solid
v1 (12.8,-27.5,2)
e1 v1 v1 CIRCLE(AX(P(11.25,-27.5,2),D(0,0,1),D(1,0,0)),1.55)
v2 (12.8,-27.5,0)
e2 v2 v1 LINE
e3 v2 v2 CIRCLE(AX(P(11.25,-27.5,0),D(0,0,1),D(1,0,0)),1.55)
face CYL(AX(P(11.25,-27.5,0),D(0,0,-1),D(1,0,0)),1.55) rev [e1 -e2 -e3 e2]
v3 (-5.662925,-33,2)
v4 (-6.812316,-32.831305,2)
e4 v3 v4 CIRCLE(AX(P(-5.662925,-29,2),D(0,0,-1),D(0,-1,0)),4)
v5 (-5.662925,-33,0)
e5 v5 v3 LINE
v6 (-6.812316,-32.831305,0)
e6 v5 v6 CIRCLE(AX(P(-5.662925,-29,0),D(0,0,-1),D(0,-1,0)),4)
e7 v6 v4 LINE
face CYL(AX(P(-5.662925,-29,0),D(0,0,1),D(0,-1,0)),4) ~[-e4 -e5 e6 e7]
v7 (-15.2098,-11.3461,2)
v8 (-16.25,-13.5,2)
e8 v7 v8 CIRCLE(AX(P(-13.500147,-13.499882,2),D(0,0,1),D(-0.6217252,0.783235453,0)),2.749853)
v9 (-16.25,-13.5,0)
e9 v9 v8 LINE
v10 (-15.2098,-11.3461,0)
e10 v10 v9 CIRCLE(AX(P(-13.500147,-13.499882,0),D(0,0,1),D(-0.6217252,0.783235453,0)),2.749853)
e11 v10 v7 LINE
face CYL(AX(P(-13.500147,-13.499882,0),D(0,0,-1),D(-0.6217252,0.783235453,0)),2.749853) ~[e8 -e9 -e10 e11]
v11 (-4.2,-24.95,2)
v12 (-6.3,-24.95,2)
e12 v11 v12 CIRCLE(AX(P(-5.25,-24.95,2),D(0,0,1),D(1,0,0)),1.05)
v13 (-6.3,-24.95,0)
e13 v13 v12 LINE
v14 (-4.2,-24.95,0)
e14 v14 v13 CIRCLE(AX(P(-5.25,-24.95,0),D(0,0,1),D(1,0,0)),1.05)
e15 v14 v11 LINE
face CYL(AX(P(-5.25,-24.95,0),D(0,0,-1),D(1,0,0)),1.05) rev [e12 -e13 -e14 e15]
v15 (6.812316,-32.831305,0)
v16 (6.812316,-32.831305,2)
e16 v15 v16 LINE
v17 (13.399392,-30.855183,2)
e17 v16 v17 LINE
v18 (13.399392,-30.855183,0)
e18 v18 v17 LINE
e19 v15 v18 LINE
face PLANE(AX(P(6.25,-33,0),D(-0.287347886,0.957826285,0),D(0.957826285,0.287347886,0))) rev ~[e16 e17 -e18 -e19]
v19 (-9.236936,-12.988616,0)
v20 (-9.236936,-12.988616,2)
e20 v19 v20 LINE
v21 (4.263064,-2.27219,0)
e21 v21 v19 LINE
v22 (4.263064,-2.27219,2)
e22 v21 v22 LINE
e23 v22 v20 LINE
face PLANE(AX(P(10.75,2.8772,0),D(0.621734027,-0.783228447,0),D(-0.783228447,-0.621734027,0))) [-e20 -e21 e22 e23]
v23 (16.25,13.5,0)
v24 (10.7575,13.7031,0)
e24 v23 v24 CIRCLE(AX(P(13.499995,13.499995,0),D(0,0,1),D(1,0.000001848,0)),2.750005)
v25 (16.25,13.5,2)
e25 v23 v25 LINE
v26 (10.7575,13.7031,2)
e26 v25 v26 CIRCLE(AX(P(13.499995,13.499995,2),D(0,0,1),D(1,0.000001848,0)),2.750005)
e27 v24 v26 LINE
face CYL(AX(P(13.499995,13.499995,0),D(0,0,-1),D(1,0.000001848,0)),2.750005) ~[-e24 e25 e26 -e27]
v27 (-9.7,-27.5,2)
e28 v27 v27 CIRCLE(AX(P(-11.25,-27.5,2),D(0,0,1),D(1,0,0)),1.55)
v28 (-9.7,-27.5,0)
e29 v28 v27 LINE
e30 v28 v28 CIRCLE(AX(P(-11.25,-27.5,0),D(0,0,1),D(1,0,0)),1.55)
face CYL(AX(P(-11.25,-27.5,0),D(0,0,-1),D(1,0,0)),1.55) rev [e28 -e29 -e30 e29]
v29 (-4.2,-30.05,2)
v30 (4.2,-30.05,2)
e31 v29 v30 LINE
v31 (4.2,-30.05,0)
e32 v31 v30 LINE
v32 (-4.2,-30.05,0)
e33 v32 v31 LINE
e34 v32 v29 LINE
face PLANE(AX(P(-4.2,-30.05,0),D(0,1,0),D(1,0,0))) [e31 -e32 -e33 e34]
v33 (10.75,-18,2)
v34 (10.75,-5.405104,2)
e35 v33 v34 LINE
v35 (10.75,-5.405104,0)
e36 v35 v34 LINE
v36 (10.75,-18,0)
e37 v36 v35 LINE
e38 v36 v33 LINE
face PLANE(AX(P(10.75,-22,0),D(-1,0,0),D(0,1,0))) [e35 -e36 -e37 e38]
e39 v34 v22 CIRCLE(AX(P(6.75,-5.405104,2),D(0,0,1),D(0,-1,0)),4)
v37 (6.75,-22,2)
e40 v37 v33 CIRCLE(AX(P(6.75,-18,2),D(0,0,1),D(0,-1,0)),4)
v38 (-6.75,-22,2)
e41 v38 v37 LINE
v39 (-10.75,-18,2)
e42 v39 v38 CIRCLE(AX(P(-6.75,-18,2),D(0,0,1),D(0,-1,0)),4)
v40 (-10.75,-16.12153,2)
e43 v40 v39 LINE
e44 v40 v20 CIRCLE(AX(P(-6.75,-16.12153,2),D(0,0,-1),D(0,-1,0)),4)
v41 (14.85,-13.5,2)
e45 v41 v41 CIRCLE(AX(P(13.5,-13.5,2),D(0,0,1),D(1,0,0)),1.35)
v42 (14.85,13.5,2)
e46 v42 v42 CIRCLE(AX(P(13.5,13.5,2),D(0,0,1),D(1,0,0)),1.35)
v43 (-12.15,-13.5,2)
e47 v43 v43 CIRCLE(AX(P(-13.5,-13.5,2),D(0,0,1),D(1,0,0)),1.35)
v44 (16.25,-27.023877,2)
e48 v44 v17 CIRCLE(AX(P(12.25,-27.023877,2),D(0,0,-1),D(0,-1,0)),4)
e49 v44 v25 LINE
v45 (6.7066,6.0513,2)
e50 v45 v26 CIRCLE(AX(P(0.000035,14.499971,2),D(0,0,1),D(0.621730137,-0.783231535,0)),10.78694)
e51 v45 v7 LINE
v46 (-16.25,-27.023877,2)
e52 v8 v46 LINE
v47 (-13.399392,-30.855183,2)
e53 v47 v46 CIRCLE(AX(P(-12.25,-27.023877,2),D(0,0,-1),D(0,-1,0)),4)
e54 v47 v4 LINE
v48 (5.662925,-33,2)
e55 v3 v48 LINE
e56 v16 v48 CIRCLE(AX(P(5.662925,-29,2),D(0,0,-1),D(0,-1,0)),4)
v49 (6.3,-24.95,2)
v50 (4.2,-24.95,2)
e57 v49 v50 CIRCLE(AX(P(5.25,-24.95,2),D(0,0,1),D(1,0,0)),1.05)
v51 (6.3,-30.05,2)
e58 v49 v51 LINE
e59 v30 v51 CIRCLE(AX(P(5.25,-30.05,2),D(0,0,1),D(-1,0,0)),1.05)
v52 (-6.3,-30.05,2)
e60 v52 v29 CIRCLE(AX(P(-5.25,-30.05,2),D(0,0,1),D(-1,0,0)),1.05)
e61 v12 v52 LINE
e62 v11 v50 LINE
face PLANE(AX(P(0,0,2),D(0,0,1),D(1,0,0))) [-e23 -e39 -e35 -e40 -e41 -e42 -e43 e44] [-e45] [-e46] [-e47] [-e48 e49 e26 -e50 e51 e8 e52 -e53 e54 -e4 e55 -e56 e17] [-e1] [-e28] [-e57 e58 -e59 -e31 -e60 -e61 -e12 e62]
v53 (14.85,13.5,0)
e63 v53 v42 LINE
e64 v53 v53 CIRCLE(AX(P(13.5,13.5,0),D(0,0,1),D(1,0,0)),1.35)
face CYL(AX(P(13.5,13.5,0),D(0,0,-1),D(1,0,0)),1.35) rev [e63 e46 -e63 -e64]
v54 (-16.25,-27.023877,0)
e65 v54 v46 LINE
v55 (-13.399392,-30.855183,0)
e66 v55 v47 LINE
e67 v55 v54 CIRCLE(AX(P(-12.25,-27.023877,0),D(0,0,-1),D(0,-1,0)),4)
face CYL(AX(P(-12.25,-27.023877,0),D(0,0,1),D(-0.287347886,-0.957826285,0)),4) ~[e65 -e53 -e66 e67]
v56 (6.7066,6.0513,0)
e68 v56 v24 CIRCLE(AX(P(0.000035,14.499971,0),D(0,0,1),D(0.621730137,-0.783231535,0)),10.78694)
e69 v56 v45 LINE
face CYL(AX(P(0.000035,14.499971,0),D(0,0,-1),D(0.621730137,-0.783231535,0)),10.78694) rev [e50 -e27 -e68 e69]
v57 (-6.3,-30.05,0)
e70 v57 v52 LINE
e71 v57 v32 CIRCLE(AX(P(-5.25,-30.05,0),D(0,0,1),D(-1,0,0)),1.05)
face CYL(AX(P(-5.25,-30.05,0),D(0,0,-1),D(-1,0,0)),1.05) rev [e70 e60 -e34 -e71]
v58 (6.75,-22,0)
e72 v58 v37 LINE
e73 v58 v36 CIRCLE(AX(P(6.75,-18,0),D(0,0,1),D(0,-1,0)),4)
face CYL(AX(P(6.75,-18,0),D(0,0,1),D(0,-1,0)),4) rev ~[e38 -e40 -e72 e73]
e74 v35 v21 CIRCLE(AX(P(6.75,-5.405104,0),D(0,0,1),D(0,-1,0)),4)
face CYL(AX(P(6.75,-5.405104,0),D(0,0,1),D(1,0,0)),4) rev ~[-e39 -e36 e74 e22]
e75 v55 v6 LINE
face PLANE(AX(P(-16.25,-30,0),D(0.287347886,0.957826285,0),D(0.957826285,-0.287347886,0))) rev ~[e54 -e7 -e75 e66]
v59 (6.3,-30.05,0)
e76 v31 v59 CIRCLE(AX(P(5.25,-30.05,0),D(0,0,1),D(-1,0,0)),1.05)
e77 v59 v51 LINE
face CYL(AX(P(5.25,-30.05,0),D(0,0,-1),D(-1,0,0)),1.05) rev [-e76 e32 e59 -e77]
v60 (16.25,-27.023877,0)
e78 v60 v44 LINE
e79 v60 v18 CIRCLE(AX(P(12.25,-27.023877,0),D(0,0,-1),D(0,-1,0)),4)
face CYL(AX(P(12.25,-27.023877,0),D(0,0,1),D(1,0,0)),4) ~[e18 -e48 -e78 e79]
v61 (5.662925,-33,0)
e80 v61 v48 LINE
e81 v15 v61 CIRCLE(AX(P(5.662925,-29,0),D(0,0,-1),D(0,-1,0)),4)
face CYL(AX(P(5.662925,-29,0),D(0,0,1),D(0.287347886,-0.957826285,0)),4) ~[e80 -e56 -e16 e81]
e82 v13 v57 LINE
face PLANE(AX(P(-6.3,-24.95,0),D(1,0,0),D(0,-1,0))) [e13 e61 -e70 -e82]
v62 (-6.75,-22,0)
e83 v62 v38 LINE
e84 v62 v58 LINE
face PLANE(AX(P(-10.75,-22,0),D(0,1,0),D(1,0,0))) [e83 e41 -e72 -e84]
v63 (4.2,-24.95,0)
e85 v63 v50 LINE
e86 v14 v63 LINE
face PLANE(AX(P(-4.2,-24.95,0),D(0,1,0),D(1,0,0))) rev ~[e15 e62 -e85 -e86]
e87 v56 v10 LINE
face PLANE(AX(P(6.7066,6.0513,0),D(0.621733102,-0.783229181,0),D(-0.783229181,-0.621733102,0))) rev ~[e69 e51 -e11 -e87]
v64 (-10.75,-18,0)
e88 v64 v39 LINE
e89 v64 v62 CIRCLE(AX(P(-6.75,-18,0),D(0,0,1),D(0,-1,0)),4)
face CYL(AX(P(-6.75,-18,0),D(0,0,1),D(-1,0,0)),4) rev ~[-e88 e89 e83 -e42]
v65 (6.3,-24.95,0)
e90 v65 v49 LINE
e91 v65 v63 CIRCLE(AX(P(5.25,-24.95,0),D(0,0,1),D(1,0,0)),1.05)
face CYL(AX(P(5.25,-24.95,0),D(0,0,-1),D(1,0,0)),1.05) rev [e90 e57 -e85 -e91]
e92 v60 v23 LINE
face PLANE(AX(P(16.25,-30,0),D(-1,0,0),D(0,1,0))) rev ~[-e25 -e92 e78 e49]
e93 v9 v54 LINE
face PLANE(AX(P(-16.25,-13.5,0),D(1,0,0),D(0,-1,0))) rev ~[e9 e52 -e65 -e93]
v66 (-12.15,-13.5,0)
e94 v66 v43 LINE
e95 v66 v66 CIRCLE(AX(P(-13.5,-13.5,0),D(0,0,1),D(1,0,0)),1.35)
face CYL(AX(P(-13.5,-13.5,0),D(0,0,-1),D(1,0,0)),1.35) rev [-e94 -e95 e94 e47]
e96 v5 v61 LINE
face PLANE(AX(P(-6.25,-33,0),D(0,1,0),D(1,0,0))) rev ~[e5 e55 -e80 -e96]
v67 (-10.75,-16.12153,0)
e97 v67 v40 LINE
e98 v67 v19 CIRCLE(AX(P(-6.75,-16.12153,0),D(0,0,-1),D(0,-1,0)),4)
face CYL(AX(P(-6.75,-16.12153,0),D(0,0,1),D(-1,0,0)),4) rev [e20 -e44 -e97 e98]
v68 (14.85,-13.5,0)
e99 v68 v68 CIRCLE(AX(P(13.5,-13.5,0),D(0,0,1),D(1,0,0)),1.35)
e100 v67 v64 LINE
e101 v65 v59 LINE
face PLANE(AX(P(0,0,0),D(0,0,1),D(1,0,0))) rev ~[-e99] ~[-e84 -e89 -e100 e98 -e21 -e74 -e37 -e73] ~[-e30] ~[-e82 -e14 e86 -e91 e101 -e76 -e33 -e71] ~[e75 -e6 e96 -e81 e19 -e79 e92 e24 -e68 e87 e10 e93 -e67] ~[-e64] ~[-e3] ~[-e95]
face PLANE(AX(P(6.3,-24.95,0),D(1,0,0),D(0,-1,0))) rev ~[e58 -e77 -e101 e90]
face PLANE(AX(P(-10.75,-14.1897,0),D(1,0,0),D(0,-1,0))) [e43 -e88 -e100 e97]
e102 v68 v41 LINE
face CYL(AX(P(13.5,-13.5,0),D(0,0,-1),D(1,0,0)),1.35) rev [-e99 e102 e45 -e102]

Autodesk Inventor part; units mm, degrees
ref_plane "YZ Plane" through (0, 0, 0) normal (1, 0, 0) x (0, 1, 0)
ref_plane "XZ Plane" through (0, 0, 0) normal (0, 1, 0) x (-1, 0, 0)
ref_plane "XY Plane" through (0, 0, 0) normal (0, 0, 1) x (1, 0, 0)
sketch "スケッチ1" plane through (0, 0, 0) normal (0, 0, 1) x (1, 0, 0)
  line L0 (-13.5, 13.5) -> (13.5, 13.5) construction
  line L1 (13.5, 13.5) -> (13.5, -13.5) construction
  line L2 (13.5, -13.5) -> (-13.5, -13.5) construction
  line L3 (-13.5, -13.5) -> (-13.5, 13.5) construction
  circle A0 centre (-13.5, 13.5) radius 1.35
  circle A1 centre (13.5, 13.5) radius 1.35
  circle A2 centre (-13.5, -13.5) radius 1.35
  circle A3 centre (13.5, -13.5) radius 1.35
  circle A4 centre (0, 14.5) radius 10.5 construction
  line L4 (-6.25, -25) -> (6.25, -25) construction
  line L5 (6.25, -25) -> (6.25, -30) construction
  line L6 (6.25, -30) -> (-6.25, -30) construction
  line L7 (-6.25, -30) -> (-6.25, -25) construction
  line L8 (-16.25, -25) -> (16.25, -25) construction
  line L9 (16.25, -25) -> (16.25, -30) construction
  line L10 (16.25, -30) -> (-16.25, -30) construction
  line L11 (-16.25, -30) -> (-16.25, -25) construction
  line L12 (-6.3, -24.95) -> (6.3, -24.95) construction
  line L13 (6.3, -24.95) -> (6.3, -30.05) construction
  line L14 (6.3, -30.05) -> (-6.3, -30.05) construction
  line L15 (-6.3, -30.05) -> (-6.3, -24.95) construction
  circle A5 centre (-5.25, -24.95) radius 1.05 construction
  circle A6 centre (-11.25, -27.5) radius 1.55
  circle A7 centre (11.25, -27.5) radius 1.55
  line L16 (0, 0) -> (0, -13.5) construction
  line L17 (-6.3, -24.95) -> (-6.3, -30.05)
  line L18 (6.3, -27.5) -> (-6.3, -27.5) construction
  line L19 (0, -25) -> (0, -30.05) construction
  arc A8 (-4.2, -24.95) -> (-6.3, -24.95) centre (-5.25, -24.95) ccw
  arc A9 (-6.3, -30.05) -> (-4.2, -30.05) centre (-5.25, -30.05) ccw
  line L20 (-4.2, -24.95) -> (4.2, -24.95)
  line L21 (-4.2, -30.05) -> (4.2, -30.05)
  arc A10 (6.3, -24.95) -> (4.2, -24.95) centre (5.25, -24.95) ccw
  arc A11 (4.2, -30.05) -> (6.3, -30.05) centre (5.25, -30.05) ccw
  line L22 (6.3, -24.95) -> (6.3, -30.05)
  circle A12 centre (-13.5, -13.5) radius 2.75 construction
  circle A13 centre (13.5, 13.5) radius 2.75 construction
  line L23 (-16.25, -13.5) -> (-16.25, -30)
  line L24 (-16.25, -30) -> (-6.25, -33)
  line L25 (-6.25, -33) -> (6.25, -33)
  line L26 (6.25, -33) -> (16.25, -30)
  line L27 (16.25, -30) -> (16.25, 13.5)
  arc A14 (16.25, 13.5) -> (10.7575, 13.7031) centre (13.5, 13.5) ccw
  arc A15 (6.7066, 6.0513) -> (10.7575, 13.7031) centre (0, 14.5) ccw
  line L28 (6.7066, 6.0513) -> (-15.2098, -11.3461)
  arc A16 (-15.2098, -11.3461) -> (-16.25, -13.5) centre (-13.5, -13.5) ccw
  line L29 (-10.75, -14.1897) -> (-10.75, -22)
  line L30 (-10.75, -22) -> (10.75, -22)
  line L31 (10.75, -22) -> (10.75, 2.8772)
  line L32 (10.75, 2.8772) -> (-10.75, -14.1897)
  point P0 (0, 13.5)
  point P1 (13.5, 0)
  point P2 (-16.25, -27.5)
  dimension "d23" = 2.1
  dimension "d0" = 27
  dimension "d3" = 27
  dimension "d6" = 27
  dimension "d9" = 2.7
  dimension "d10" = 21
  dimension "d11" = 1
  dimension "d12" = 11.5
  dimension "d13" = 5
  dimension "d16" = 32.5
  dimension "d20" = 10
  dimension "d22" = 0.05
  dimension "d24" = 5
  dimension "d26" = 3.1
  dimension "d31" = 5.5
  dimension "d32" = 3
  dimension "d33" = 5
  dimension "d34" = 3
extrude "押し出し1" add sketch "スケッチ1" along normal blind 2 contours A16 L28 A15 A14 L27 L26 L25 L24 L23
fillet "フィレット1" radius 4 8 edges at (10.75, 2.8772, 1) (-10.75, -22, 1) (-10.75, -14.1897, 1) (10.75, -22, 1) (16.25, -30, 1) (-16.25, -30, 1) (-6.25, -33, 1) (6.25, -33, 1)
equation "\"d3\" = d0"
equation "\"d6\" = d0"
equation "\"d16\" = d0_1"
equation "\"d20\" = d3_1"
equation "\"d24\" = d17"
equation "\"d34\" = d32"
equation "\"d0_1\" = 32.5"
equation "\"d3_1\" = 10"
equation "\"d17\" = 5"
properties part number "上腕_サブフレーム_1_1" material "GFRP"
